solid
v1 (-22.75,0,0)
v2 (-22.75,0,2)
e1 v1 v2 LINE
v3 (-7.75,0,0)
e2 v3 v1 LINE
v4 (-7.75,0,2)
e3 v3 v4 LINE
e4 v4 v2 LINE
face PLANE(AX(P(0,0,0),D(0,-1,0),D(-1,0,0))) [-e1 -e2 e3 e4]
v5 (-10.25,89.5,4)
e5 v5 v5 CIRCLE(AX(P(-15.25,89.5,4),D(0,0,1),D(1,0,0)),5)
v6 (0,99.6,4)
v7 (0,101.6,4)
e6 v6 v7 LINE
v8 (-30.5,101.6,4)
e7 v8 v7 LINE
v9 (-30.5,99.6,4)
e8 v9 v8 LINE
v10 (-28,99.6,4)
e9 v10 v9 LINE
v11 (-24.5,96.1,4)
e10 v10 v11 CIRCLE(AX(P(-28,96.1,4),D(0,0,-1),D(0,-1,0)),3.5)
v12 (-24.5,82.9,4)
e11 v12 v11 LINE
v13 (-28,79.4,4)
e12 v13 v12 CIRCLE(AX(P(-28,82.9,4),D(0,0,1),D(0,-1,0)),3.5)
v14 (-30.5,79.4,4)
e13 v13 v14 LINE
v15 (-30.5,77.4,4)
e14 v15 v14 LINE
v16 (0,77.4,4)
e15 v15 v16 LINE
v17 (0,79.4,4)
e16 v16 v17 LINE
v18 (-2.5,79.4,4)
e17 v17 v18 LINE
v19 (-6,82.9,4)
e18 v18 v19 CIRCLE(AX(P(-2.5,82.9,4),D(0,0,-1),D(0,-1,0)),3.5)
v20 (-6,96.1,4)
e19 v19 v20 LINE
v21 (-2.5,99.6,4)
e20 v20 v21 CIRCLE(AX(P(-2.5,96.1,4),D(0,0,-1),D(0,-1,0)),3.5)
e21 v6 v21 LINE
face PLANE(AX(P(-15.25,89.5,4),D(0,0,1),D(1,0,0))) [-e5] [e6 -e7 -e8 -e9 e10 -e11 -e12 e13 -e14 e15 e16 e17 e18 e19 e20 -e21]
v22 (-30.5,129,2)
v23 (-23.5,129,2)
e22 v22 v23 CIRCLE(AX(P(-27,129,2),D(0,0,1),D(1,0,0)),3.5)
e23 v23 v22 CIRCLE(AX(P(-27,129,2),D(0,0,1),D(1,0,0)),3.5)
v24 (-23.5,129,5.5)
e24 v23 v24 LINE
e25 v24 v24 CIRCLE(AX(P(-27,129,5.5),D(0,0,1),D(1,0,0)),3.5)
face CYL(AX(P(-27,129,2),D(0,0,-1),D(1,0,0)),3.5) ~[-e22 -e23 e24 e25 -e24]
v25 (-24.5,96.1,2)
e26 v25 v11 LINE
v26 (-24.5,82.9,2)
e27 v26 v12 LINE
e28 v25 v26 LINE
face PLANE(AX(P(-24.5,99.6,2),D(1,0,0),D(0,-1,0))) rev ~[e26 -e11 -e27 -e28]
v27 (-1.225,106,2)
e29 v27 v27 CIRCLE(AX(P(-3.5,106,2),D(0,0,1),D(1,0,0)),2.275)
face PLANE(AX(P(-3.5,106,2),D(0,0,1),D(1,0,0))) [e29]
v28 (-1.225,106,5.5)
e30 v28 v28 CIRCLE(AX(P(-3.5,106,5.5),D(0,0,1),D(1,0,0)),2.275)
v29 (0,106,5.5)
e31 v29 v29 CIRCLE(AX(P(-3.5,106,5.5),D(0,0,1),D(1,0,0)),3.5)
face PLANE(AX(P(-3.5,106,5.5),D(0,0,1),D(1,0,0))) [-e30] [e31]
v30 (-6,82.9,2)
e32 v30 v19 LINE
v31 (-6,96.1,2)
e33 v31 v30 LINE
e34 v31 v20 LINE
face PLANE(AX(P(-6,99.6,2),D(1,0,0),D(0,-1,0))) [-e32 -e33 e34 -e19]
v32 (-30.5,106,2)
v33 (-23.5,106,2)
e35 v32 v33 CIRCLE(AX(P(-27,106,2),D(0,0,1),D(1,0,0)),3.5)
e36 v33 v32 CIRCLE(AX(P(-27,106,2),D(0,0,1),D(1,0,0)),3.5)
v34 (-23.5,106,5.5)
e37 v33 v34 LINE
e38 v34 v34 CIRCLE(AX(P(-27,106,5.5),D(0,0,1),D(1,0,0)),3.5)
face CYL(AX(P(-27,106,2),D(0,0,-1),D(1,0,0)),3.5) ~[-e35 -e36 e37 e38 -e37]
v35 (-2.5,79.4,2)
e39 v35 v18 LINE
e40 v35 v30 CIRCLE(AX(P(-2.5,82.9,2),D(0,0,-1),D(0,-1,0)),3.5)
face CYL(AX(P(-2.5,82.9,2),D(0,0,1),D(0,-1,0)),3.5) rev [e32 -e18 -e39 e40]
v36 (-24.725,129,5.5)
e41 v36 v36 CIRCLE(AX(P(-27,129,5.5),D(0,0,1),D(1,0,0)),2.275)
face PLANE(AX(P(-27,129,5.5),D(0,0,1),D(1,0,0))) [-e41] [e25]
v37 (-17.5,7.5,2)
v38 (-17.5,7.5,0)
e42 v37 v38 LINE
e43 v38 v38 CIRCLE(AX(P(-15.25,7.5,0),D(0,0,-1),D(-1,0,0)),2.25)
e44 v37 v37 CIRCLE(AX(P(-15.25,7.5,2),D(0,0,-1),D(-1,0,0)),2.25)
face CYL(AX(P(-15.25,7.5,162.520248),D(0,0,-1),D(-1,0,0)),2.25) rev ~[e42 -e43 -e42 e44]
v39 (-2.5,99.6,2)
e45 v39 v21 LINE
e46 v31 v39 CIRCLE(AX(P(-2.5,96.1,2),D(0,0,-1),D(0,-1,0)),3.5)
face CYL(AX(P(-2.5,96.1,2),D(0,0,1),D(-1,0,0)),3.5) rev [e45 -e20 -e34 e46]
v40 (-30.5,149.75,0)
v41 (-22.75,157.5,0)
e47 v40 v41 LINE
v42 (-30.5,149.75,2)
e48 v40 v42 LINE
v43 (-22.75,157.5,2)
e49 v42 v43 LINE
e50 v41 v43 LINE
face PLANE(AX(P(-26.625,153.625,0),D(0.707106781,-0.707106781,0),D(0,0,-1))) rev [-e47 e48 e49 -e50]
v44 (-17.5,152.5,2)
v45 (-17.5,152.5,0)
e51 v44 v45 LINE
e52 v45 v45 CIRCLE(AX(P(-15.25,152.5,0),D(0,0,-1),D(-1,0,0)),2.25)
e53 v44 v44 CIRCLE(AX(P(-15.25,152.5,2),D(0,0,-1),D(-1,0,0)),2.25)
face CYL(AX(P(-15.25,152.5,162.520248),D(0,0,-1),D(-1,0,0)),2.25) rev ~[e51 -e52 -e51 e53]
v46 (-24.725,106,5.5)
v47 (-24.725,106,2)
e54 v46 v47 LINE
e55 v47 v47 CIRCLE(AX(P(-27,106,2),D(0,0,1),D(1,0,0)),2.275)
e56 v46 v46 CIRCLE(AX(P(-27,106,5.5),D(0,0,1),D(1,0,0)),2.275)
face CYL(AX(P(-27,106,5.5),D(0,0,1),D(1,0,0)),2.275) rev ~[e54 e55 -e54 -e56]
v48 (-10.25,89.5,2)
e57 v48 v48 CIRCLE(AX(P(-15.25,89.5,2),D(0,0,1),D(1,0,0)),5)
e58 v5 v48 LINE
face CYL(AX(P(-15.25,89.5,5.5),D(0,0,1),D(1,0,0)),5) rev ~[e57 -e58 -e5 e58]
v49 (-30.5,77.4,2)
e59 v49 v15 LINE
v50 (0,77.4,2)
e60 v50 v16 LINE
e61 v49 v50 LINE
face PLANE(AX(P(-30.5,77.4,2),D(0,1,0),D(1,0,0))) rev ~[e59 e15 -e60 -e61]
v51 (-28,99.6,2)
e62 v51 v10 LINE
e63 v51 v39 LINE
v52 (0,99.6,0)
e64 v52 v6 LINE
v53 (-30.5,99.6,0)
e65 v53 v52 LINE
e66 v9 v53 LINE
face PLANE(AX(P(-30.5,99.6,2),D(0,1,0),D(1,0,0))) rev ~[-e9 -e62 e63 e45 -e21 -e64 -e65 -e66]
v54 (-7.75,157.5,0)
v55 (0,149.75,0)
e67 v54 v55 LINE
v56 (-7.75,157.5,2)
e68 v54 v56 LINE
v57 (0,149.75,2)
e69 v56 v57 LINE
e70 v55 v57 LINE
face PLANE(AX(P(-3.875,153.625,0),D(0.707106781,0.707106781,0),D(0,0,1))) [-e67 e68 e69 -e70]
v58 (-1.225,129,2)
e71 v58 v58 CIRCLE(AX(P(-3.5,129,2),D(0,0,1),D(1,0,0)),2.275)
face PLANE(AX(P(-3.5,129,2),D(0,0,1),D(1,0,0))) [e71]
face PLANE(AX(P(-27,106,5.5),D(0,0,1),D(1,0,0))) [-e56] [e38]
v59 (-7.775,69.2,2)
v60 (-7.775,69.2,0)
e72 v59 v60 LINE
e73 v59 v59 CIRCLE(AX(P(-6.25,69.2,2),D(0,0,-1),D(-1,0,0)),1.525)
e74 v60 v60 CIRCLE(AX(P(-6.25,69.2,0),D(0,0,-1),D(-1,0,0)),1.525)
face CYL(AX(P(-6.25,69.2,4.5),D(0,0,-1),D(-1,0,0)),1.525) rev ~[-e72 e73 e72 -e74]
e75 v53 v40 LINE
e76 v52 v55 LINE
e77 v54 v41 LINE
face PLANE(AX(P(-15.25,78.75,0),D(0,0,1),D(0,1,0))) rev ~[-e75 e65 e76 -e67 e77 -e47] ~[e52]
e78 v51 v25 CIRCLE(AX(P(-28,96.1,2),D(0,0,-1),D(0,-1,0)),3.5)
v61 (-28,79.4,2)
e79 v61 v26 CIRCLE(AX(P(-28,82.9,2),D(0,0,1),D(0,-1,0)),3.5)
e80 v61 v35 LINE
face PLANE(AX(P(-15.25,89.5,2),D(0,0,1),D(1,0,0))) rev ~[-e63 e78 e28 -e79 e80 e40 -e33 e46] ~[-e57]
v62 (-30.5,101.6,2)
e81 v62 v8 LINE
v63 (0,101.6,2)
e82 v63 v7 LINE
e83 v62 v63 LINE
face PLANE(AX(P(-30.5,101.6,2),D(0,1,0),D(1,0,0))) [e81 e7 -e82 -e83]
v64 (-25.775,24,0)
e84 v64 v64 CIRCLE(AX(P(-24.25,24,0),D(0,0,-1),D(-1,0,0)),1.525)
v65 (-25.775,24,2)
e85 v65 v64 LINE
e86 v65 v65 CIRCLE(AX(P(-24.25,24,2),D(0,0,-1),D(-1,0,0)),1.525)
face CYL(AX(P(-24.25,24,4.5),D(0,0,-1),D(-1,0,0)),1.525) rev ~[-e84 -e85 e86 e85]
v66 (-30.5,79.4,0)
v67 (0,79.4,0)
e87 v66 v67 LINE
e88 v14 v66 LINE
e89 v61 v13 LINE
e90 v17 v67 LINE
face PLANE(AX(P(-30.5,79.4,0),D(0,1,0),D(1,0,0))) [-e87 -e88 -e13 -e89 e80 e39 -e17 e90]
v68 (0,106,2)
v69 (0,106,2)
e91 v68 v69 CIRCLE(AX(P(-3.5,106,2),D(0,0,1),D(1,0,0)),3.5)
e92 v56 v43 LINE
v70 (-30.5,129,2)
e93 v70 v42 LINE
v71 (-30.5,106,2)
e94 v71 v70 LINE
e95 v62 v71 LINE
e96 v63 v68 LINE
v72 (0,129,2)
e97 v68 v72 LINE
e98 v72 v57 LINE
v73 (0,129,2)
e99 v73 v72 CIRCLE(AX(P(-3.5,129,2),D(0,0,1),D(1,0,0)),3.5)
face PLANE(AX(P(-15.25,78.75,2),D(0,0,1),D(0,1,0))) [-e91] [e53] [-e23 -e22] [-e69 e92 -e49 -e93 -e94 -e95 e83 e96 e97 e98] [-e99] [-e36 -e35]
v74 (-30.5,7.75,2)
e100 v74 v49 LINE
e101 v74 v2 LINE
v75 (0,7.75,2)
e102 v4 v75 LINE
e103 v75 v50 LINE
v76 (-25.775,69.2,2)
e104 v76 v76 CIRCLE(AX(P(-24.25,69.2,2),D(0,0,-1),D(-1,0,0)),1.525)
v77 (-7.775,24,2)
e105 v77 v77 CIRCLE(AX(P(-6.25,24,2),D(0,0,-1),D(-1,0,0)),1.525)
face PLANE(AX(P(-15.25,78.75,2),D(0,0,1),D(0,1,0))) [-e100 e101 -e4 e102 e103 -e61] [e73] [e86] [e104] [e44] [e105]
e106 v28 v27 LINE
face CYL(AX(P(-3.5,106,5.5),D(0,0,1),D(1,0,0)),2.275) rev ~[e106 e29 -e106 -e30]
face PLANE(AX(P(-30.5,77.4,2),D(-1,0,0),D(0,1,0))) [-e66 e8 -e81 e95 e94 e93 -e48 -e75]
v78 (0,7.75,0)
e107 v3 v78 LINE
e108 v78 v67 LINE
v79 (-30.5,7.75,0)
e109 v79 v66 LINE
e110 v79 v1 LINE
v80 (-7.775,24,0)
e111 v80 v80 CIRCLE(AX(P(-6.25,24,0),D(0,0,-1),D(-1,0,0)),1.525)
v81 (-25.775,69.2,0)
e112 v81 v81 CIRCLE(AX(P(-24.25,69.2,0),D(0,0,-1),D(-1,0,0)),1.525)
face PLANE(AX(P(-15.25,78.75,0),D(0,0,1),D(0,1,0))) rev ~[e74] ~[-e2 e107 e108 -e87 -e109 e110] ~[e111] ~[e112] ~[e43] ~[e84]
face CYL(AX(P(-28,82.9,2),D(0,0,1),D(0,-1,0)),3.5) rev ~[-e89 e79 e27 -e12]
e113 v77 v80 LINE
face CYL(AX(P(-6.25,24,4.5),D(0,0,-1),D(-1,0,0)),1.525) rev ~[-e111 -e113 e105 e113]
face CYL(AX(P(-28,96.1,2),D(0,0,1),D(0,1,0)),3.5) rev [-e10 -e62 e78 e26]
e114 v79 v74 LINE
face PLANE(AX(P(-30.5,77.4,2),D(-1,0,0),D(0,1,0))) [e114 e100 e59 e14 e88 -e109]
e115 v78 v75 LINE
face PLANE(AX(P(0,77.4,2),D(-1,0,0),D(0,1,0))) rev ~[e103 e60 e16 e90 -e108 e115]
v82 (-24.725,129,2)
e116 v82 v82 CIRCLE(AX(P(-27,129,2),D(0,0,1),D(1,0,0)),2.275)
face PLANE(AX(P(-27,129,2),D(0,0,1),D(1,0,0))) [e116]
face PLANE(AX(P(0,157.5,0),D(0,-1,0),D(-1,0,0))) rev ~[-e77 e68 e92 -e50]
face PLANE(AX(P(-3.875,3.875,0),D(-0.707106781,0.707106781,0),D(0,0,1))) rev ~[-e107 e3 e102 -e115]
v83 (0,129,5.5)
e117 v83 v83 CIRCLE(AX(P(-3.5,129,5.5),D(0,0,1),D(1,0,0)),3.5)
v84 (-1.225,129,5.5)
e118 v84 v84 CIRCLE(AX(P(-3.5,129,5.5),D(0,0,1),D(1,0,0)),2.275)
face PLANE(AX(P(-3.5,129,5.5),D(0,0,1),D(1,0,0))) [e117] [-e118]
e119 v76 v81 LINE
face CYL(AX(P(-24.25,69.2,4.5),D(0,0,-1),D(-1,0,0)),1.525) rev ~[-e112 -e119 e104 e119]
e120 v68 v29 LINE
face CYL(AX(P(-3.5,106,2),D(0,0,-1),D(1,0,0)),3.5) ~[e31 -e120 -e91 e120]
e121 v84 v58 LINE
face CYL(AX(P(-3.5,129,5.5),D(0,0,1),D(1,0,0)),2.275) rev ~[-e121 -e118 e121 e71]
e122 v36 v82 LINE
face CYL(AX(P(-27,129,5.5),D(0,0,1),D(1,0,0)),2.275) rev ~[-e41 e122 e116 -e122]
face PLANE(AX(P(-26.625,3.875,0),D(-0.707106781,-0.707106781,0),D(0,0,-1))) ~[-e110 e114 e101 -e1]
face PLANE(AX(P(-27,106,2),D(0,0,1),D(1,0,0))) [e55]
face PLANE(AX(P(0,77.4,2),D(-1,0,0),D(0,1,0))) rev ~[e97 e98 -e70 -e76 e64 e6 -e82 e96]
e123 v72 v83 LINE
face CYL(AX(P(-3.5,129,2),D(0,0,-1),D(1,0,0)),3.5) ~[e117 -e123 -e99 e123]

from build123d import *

# Parameters (mm, degrees)
SKETCH_1_W                   = 157.5
SKETCH_1_H                   = 30.5
EXTRUDE_1_DEPTH              = 2
HOLE_WIZARD_4_5_3_05_1_D     = 3.05
HOLE_WIZARD_4_5_3_05_1_DEPTH = 2.5
SKETCH_4_R                   = 3.5
EXTRUDE_2_DEPTH              = 3.5
SKETCH_5_R                   = 2.275
CUT_EXTRUDE_1_DEPTH          = 3.5
SKETCH_6_W                   = 30.5
SKETCH_6_H                   = 20.2
CUT_EXTRUDE_3_DEPTH          = 2.1
SKETCH_9_W                   = 30.5
SKETCH_9_H                   = 24.2
EXTRUDE_6_DEPTH              = 2
SKETCH_12_R                  = 5
CUT_EXTRUDE_4_DEPTH          = 6.5
HOLE_WIZARD_M4_1_D           = 4.5
SKETCH_13_W                  = 6
SKETCH_13_H                  = 20.2
CUT_EXTRUDE_5_DEPTH          = 4.5
FILLET_8_R                   = 3.5
CHAMFER_1_SIZE               = 7.75


with BuildPart() as part:
    # ｽｹｯﾁ1 → ﾎﾞｽ - 押し出し1 (new body)
    with BuildSketch(Plane(origin=(0, 0, 0), x_dir=(0, 1, 0), z_dir=(0, 0, 1))):
        with Locations((78.75, 15.25)):
            Rectangle(SKETCH_1_W, SKETCH_1_H)
    extrude(amount=EXTRUDE_1_DEPTH)

    # Ø4.5 (3.05) 直径の穴1
    with Locations(Plane.XY.offset(2)):
        with Locations((-24.25, 24), (-6.25, 69.2), (-24.25, 69.2), (-6.25, 24)):
            Hole(HOLE_WIZARD_4_5_3_05_1_D / 2, depth=HOLE_WIZARD_4_5_3_05_1_DEPTH)

    # ｽｹｯﾁ4 → ﾎﾞｽ - 押し出し2 (add)
    with BuildSketch(Plane.XY.offset(2)):
        with Locations((-27, 129)):
            Circle(SKETCH_4_R)
        with Locations((-3.5, 129)):
            Circle(SKETCH_4_R)
        with Locations((-3.5, 106)):
            Circle(SKETCH_4_R)
        with Locations((-27, 106)):
            Circle(SKETCH_4_R)
    extrude(amount=EXTRUDE_2_DEPTH)

    # ｽｹｯﾁ5 → ｶｯﾄ - 押し出し1 (cut)
    with BuildSketch(Plane.XY.offset(5.5)):
        with Locations((-27, 129)):
            Circle(SKETCH_5_R)
        with Locations((-3.5, 129)):
            Circle(SKETCH_5_R)
        with Locations((-3.5, 106)):
            Circle(SKETCH_5_R)
        with Locations((-27, 106)):
            Circle(SKETCH_5_R)
    extrude(amount=-CUT_EXTRUDE_1_DEPTH, mode=Mode.SUBTRACT)

    # ｽｹｯﾁ6 → ｶｯﾄ - 押し出し3 (cut)
    with BuildSketch(Plane(origin=(0, 0, 0), x_dir=(1, 0, 0), z_dir=(0, 0, -1))):
        with Locations((-15.25, -89.5)):
            Rectangle(SKETCH_6_W, SKETCH_6_H)
    extrude(amount=-CUT_EXTRUDE_3_DEPTH, mode=Mode.SUBTRACT)

    # ｽｹｯﾁ9 → ﾎﾞｽ - 押し出し6 (add)
    with BuildSketch(Plane.XY.offset(2)):
        with Locations((-15.25, 89.5)):
            Rectangle(SKETCH_9_W, SKETCH_9_H)
    extrude(amount=EXTRUDE_6_DEPTH)

    # ｽｹｯﾁ12 → ｶｯﾄ - 押し出し4 (cut, through all)
    with BuildSketch(Plane.XY.offset(5.5)):
        with Locations((-15.25, 89.5)):
            Circle(SKETCH_12_R)
    extrude(amount=-CUT_EXTRUDE_4_DEPTH, mode=Mode.SUBTRACT)

    # M4 すきま穴1 (through all)
    with Locations(Plane.XY.offset(2)):
        with Locations((-15.25, 152.5), (-15.25, 7.5)):
            Hole(HOLE_WIZARD_M4_1_D / 2)

    # ｽｹｯﾁ13 → ｶｯﾄ - 押し出し5 (cut, through all)
    with BuildSketch(Plane(origin=(0, 0, 2), x_dir=(1, 0, 0), z_dir=(0, 0, -1))):
        with Locations((-3, -89.5)):
            Rectangle(SKETCH_13_W, SKETCH_13_H)
        with Locations((-27.5, -89.5)):
            Rectangle(SKETCH_13_W, SKETCH_13_H)
    extrude(amount=-CUT_EXTRUDE_5_DEPTH, mode=Mode.SUBTRACT)

    # ﾌｨﾚｯﾄ8
    fillet_8_edges = [part.edges().sort_by_distance(p)[0] for p in [
        (-6, 99.6, 3),
        (-6, 79.4, 3),
        (-24.5, 79.4, 3),
        (-24.5, 99.6, 3),
    ]]
    fillet(fillet_8_edges, radius=FILLET_8_R)

    # 面取り1
    chamfer_1_edges = [part.edges().sort_by_distance(p)[0] for p in [
        (0, 157.5, 1),
        (-30.5, 157.5, 1),
        (-30.5, 0, 1),
        (0, 0, 1),
    ]]
    chamfer(chamfer_1_edges, length=CHAMFER_1_SIZE)


solid = part.part
